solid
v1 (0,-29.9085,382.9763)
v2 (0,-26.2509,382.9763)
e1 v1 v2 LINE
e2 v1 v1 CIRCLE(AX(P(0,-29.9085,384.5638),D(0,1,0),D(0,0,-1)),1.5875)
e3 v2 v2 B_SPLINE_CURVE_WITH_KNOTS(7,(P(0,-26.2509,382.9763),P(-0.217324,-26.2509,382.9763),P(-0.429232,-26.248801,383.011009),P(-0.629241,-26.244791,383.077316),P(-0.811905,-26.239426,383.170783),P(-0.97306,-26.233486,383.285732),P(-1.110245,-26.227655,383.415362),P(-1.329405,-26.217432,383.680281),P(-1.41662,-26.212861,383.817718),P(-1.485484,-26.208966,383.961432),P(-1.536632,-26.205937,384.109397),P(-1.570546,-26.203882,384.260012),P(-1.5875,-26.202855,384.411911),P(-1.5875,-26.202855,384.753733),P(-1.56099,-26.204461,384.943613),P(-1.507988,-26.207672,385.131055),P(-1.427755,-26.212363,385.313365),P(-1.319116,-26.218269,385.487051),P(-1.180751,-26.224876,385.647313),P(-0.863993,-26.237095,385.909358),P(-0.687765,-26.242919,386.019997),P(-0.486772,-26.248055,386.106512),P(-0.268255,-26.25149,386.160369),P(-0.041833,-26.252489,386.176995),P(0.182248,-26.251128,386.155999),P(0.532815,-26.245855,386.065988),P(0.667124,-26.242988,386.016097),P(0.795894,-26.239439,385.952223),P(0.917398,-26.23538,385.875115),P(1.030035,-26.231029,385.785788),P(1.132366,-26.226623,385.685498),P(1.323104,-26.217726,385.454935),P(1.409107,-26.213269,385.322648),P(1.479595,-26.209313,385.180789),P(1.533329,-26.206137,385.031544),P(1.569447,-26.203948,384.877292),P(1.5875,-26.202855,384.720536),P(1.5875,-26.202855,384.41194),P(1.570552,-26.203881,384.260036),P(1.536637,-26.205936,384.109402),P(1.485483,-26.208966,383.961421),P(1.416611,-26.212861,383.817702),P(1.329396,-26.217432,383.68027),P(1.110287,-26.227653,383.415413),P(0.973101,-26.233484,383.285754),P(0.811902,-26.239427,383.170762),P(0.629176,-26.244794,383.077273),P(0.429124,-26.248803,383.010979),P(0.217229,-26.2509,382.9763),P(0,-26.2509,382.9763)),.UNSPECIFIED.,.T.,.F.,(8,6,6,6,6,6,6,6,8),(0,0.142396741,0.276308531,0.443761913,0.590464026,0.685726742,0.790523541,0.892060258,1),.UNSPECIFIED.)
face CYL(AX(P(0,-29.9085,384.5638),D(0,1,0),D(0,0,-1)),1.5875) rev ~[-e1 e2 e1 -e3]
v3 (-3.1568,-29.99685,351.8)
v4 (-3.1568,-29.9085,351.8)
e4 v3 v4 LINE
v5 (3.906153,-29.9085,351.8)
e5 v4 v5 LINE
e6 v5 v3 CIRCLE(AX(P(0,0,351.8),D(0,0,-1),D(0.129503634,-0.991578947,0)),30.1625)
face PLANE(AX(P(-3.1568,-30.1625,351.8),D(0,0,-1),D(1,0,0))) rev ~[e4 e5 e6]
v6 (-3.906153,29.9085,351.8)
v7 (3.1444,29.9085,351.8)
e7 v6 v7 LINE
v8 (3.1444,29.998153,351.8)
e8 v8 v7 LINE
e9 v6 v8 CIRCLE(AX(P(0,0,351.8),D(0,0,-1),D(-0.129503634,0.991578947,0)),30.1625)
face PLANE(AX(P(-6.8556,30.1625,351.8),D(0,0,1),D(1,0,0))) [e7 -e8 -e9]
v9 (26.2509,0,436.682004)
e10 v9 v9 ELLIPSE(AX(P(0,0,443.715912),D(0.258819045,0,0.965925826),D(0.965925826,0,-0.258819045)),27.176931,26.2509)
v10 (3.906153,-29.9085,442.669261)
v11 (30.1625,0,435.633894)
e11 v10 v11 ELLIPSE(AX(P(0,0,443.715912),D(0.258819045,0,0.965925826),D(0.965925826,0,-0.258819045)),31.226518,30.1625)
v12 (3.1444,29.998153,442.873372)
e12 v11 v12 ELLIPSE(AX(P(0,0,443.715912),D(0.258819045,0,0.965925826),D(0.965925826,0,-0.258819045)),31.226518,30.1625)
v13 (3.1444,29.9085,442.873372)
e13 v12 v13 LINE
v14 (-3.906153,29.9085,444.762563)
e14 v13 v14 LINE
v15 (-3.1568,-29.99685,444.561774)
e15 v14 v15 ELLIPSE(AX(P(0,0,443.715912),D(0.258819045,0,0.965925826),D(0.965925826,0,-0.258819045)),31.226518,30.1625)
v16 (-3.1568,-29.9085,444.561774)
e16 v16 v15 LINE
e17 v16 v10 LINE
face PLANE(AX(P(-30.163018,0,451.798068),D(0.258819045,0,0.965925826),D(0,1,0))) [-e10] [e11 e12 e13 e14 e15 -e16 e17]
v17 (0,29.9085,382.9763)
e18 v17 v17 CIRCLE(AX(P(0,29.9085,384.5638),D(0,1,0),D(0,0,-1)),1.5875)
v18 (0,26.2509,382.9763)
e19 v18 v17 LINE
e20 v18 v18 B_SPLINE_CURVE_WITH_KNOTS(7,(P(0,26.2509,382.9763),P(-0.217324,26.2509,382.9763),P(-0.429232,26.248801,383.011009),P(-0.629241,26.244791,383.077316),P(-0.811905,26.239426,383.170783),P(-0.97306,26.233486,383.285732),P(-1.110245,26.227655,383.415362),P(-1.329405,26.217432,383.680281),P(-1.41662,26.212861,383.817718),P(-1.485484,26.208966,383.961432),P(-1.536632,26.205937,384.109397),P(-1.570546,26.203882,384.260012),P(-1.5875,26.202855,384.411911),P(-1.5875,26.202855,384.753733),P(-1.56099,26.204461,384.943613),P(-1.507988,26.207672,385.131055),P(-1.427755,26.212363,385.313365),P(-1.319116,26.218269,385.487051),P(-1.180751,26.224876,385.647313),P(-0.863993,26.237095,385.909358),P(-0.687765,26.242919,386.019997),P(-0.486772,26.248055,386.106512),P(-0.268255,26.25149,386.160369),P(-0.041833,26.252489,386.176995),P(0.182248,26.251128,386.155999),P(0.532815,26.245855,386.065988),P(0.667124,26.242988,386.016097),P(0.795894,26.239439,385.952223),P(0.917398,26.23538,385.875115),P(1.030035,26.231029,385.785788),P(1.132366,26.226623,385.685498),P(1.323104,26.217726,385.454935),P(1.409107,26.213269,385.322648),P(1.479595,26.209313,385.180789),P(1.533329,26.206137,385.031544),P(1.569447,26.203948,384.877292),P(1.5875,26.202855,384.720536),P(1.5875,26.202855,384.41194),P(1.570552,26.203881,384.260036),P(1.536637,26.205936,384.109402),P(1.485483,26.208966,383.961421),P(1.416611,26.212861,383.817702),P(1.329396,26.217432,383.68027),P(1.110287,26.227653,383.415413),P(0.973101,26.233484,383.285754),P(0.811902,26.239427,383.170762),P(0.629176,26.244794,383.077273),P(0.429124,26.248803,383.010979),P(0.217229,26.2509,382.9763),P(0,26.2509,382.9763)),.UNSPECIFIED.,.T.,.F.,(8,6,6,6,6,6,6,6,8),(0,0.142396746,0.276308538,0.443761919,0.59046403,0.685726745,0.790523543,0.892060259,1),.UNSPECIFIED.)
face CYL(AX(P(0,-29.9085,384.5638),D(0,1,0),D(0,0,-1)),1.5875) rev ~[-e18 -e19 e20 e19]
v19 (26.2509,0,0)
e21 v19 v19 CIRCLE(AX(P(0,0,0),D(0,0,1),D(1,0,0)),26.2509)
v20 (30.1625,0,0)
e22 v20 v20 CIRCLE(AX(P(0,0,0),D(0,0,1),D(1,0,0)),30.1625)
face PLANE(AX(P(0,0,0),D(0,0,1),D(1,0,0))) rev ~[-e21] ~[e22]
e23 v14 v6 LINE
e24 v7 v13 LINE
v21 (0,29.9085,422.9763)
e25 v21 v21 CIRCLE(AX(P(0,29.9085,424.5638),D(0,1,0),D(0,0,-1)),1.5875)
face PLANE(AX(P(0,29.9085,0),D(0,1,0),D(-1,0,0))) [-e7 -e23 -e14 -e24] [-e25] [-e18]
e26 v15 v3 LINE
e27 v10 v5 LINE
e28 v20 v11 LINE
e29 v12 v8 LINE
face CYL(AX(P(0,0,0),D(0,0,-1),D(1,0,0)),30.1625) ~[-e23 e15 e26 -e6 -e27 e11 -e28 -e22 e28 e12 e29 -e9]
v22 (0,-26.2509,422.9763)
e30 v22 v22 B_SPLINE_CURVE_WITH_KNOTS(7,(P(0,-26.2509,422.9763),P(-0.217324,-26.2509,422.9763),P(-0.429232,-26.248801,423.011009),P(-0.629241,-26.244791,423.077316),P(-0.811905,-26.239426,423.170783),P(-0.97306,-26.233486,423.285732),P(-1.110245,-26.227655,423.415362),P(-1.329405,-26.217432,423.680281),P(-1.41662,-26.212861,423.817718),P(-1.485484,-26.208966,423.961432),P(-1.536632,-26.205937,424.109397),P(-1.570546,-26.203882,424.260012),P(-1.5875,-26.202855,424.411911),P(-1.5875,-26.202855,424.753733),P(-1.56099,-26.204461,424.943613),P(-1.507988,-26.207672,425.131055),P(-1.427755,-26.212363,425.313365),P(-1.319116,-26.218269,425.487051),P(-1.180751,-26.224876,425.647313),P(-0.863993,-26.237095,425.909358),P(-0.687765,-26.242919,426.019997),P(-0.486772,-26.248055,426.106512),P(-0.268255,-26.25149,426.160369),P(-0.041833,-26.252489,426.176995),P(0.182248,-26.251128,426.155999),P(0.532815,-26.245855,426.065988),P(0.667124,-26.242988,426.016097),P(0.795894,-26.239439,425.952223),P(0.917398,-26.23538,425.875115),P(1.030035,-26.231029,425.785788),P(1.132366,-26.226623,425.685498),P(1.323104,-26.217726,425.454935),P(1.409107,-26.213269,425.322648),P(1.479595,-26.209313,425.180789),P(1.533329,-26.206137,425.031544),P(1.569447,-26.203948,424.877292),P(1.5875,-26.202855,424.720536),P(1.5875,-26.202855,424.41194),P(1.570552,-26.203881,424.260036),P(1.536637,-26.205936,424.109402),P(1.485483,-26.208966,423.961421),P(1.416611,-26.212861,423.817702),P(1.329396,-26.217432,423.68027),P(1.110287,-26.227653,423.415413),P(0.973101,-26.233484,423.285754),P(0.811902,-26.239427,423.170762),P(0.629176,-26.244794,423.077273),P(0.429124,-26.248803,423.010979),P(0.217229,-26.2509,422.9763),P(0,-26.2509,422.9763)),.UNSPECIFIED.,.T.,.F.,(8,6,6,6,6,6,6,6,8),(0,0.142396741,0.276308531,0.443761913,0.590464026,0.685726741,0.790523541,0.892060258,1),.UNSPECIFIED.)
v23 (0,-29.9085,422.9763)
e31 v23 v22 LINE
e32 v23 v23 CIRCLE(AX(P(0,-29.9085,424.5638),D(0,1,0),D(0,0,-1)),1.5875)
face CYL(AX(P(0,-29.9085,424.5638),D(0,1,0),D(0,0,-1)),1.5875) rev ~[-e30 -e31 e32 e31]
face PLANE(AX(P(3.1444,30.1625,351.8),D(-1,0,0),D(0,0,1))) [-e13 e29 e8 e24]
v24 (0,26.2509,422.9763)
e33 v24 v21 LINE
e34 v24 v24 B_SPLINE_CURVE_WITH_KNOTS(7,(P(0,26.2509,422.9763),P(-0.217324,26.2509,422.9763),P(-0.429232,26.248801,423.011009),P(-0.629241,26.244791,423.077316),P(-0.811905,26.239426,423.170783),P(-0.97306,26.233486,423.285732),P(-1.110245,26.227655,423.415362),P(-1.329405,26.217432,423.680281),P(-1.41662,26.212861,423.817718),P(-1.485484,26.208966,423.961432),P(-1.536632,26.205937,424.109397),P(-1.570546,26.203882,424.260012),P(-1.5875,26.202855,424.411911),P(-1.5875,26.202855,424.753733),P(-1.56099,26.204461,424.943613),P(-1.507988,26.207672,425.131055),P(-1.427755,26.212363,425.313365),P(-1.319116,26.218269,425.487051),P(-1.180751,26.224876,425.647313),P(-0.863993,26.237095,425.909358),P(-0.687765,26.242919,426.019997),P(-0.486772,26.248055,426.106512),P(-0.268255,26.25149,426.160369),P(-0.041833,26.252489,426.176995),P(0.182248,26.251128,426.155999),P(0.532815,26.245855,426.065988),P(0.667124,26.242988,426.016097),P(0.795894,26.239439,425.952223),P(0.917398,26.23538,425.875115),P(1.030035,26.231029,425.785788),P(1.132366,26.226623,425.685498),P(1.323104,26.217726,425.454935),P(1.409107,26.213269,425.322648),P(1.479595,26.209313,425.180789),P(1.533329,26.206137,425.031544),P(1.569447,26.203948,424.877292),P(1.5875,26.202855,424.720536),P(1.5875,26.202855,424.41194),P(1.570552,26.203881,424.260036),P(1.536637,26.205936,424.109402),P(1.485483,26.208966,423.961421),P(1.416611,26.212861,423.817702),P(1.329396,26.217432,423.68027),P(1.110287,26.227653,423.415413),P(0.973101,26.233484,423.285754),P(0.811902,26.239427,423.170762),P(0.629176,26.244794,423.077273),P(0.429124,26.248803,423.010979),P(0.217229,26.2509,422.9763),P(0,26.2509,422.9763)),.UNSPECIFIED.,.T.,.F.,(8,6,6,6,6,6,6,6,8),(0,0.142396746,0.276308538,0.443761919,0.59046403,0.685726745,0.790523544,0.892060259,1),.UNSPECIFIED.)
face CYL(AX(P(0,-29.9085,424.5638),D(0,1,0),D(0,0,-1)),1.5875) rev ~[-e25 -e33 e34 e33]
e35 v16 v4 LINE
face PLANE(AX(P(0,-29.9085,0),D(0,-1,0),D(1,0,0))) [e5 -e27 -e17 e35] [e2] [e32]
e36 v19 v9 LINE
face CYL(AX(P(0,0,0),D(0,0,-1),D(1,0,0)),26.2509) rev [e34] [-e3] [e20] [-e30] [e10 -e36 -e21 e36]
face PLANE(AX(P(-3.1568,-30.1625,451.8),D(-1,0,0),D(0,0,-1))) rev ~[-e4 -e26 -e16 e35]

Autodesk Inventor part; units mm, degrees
sketch "Sketch1" plane through (0, 0, 0) normal (0, 0, 1) x (1, 0, 0)
  circle A0 centre (0, 0) radius 30.1625
  circle A1 centre (0, 0) radius 26.2509
  dimension "d0" = 60.325
  dimension "d2" = 3.9116
extrude "Extrusion1" add sketch "Sketch1" along normal blind 451.8
sketch "Sketch18" plane through (0, 0, 451.8) normal (0, 0, 1) x (1, 0, 0)
  circle A0 centre (0, 0) radius 26.2509 projected
  circle A1 centre (0, 0) radius 30.1625 projected
  point P0 (-30.1625, 0)
ref_plane "Work Plane9" through (-30.1625, 0, 451.8) normal (0.2588, 0, 0.9659) x (0, 1, 0)
sketch "Sketch19" plane through (-30.1625, 0, 451.8) normal (0.2588, 0, 0.9659) x (0, 1, 0)
  line L0 (-31.6137, -94.9476) -> (64.4261, -94.9476)
  line L1 (64.4261, -94.9476) -> (64.4261, 6.6524)
  line L2 (64.4261, 6.6524) -> (-31.6137, 6.6524)
  line L3 (-31.6137, 6.6524) -> (-31.6137, -94.9476)
  point P0 (0, -146.0692)
  dimension "d61" = 101.6
extrude "Extrusion11" cut sketch "Sketch19" along normal blind 25.4
sketch "Sketch20" plane through (0, 0, 0) normal (0, 0, -1) x (-1, 0, 0)
  circle A0 centre (0, 0) radius 26.2509 projected
  circle A1 centre (0, 0) radius 30.1625 projected
  point P0 (0, 30.1625)
  point P1 (0, -30.1625)
ref_plane "Work Plane10" through (0, 30.1625, 0) normal (0, 1, 0) x (-1, 0, 0)
ref_plane "Work Plane11" through (0, -30.1625, 0) normal (0, -1, 0) x (1, 0, 0)
sketch "Sketch21" plane through (0, 30.1625, 0) normal (0, 1, 0) x (-1, 0, 0)
  line L0 (-3.1444, 451.8) -> (6.8556, 451.8)
  line L1 (6.8556, 451.8) -> (6.8556, 351.8)
  line L2 (6.8556, 351.8) -> (-3.1444, 351.8)
  line L3 (-3.1444, 351.8) -> (-3.1444, 451.8)
  line L4 (1.8556, 451.8) -> (1.8556, 351.8) construction
  point P0 (0, 0)
  dimension "d64" = 10
  dimension "d65" = 100
  dimension "d82" = 351.8
extrude "flat1" cut sketch "Sketch21" against normal blind 0.254
sketch "Sketch22" plane through (0, -30.1625, 0) normal (0, -1, 0) x (1, 0, 0)
  line L0 (-3.1568, 351.8) -> (6.8432, 351.8)
  line L1 (6.8432, 351.8) -> (6.8432, 451.8)
  line L2 (6.8432, 451.8) -> (-3.1568, 451.8)
  line L3 (-3.1568, 451.8) -> (-3.1568, 351.8)
  line L4 (1.8432, 451.8) -> (1.8432, 351.8) construction
  point P0 (0, 0)
  dimension "d68" = 10
  dimension "d69" = 100
  dimension "d83" = 351.8
extrude "flat2" cut sketch "Sketch22" against normal blind 0.254
sketch "Sketch23" plane through (0, -29.9085, 0) normal (0, -1, 0) x (1, 0, 0)
  circle A0 centre (0, 424.5638) radius 1.4603
  circle A1 centre (0, 384.5638) radius 1.4603
  point P0 (-3.1568, 444.5638)
  point P1 (0, 0)
  dimension "d73" = 40
  dimension "d74" = 20
hole "Hole1" at (0, -29.9085, 424.5638) at (0, -29.9085, 384.5638) direction (0, 1, 0) diameter 3.175 end through all
properties part number "2r2scs" material "PVC-Piping"
